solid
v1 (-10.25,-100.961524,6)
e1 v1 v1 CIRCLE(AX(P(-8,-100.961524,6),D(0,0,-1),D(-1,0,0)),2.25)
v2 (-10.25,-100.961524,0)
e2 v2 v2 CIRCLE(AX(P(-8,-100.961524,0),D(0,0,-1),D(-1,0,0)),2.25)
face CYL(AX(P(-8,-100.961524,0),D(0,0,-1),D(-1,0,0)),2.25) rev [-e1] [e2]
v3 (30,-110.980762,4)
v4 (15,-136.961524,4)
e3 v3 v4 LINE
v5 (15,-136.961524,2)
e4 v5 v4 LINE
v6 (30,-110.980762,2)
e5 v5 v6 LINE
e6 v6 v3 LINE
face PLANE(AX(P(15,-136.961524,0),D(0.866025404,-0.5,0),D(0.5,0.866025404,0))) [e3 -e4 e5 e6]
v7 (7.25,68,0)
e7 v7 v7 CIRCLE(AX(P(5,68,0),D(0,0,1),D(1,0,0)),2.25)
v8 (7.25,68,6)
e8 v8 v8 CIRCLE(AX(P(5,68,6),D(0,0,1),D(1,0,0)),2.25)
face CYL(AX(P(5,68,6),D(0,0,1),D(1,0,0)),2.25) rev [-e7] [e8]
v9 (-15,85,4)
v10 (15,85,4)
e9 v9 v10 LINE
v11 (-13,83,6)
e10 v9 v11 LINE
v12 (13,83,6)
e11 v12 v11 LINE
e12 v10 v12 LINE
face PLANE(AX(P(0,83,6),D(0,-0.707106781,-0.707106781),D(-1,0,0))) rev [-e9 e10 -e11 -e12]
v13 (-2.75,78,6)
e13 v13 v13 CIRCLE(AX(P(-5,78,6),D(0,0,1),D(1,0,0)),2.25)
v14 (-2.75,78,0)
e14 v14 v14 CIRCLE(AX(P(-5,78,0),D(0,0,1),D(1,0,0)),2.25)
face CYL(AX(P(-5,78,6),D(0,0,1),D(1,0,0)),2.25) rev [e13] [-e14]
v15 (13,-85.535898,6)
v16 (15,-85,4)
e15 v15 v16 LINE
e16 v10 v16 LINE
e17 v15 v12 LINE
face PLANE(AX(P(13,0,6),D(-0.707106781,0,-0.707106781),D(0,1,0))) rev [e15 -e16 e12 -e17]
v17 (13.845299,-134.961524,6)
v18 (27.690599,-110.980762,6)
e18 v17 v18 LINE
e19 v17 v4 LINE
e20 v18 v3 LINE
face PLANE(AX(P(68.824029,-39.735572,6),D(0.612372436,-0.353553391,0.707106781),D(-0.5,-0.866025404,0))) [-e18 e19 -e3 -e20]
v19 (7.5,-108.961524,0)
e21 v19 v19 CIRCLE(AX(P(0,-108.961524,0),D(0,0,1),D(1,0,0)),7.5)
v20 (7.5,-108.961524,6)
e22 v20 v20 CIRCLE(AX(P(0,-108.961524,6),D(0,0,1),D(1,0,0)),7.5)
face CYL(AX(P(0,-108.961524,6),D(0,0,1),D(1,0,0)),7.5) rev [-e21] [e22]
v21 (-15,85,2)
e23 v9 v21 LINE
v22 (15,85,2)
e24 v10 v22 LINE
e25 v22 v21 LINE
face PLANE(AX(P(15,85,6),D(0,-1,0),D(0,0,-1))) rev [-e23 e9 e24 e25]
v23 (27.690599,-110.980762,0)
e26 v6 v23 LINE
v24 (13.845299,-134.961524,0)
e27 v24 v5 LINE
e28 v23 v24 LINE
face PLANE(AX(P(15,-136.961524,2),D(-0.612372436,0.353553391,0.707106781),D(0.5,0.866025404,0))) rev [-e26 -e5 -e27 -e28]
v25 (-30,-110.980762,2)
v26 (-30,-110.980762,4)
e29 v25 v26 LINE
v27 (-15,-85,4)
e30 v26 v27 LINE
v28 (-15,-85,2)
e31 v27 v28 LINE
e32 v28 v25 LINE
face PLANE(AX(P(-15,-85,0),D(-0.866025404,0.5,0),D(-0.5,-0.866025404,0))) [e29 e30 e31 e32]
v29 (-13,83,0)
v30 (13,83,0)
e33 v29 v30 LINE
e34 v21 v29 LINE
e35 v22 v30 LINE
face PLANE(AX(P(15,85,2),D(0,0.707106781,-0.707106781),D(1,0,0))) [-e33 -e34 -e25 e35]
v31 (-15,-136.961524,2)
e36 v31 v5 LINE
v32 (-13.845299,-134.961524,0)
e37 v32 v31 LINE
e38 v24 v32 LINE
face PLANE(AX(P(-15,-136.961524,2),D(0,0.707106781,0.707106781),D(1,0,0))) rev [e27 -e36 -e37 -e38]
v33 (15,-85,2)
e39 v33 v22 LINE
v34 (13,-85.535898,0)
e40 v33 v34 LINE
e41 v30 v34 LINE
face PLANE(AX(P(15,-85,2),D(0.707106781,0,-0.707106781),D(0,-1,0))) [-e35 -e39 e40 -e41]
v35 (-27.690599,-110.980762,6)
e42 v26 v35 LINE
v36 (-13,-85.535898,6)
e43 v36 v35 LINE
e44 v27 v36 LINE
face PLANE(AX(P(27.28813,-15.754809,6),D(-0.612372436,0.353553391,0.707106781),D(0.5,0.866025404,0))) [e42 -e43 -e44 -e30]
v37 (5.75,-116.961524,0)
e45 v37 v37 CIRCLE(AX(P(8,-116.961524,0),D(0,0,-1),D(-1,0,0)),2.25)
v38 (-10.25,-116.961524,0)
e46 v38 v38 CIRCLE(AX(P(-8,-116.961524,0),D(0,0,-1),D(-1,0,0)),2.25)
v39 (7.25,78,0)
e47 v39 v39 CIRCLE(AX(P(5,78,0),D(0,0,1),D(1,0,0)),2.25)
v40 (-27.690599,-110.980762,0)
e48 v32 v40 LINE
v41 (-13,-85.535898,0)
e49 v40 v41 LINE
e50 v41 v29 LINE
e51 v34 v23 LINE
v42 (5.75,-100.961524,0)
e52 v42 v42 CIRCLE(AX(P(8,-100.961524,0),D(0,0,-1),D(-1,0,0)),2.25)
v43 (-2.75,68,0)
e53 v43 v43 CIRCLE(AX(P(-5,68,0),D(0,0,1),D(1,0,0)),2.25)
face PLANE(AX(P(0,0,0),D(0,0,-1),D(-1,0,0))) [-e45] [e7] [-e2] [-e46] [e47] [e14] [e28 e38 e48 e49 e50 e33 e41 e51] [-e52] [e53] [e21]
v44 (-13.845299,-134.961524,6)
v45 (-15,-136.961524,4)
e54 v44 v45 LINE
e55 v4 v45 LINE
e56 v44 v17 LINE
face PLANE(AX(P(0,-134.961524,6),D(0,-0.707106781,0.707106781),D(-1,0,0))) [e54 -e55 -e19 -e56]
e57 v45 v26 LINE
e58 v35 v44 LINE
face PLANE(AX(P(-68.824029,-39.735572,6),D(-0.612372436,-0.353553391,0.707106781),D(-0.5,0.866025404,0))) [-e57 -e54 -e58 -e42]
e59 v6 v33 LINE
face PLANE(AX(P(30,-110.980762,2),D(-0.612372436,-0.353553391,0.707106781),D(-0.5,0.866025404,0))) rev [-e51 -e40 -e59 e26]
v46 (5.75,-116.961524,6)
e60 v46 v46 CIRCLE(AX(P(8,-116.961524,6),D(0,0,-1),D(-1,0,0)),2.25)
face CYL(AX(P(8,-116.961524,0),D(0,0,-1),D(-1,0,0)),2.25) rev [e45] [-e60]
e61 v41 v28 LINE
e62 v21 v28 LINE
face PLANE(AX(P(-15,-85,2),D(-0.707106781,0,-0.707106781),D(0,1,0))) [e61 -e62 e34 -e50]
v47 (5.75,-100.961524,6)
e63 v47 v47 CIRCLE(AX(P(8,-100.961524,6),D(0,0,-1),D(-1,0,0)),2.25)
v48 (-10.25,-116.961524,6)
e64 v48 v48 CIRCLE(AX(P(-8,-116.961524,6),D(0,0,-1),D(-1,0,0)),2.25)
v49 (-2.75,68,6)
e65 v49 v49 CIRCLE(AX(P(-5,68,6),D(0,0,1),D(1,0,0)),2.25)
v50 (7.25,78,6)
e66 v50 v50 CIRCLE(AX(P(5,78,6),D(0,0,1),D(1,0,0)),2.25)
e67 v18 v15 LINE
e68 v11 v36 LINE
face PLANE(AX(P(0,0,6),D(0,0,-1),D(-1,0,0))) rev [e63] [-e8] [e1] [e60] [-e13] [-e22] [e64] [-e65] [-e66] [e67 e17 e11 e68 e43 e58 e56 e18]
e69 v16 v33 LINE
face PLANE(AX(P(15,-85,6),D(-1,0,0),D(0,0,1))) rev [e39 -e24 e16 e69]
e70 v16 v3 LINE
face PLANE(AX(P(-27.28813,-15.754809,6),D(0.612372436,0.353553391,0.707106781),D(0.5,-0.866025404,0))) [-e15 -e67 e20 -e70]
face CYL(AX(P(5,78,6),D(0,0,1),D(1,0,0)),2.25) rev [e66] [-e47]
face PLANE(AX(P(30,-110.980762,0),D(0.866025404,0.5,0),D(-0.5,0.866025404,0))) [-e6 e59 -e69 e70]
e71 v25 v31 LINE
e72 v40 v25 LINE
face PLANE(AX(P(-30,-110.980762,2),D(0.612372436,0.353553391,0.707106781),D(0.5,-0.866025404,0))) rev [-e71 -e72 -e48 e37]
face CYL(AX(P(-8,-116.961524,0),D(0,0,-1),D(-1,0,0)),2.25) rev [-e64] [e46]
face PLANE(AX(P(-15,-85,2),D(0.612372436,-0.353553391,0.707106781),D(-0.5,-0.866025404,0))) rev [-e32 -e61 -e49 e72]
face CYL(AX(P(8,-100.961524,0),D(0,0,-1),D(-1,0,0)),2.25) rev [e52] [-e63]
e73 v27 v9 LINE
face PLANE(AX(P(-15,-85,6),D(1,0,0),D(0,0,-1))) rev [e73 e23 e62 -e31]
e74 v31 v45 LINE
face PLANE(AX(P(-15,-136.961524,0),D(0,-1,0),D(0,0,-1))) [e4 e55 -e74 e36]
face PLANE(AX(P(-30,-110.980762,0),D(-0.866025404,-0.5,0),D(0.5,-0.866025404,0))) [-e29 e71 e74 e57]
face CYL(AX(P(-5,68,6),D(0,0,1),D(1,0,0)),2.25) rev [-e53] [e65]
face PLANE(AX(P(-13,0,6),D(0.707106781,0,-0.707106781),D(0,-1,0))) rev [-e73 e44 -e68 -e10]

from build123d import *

# Parameters (mm, degrees)
SKETCH2_W           = 170
SKETCH2_H           = 30
BOSS_EXTRUDE2_DEPTH = 6
BOSS_EXTRUDE4_DEPTH = 6
CHAMFER1_SIZE       = 2
HOLE6_D             = 4.5
HOLE4_D             = 4.5
HOLE7_D             = 15


with BuildPart() as part:
    # Sketch2 → Boss-Extrude2 (new body)
    with BuildSketch(Plane(origin=(0, 0, 0), x_dir=(0, 1, 0), z_dir=(0, 0, 1))):
        Rectangle(SKETCH2_W, SKETCH2_H)
    extrude(amount=BOSS_EXTRUDE2_DEPTH)

    # Sketch8 → Boss-Extrude4 (add)
    with BuildSketch(Plane.XY.offset(6)):
        Polygon((-30, -110.980762114), (-15, -136.961524227), (15, -136.961524227), (30, -110.980762114), (15, -85), (-15, -85), align=None)
    extrude(amount=-BOSS_EXTRUDE4_DEPTH)

    # Chamfer1
    chamfer1_edges = [part.edges().sort_by_distance(p)[0] for p in [
        (-22.5, -97.990381057, 0),
        (22.5, -97.990381057, 0),
        (22.5, -123.97114317, 0),
        (0, -136.961524227, 0),
        (-22.5, -123.97114317, 0),
        (-22.5, -97.990381057, 6),
        (15, 0, 6),
        (-22.5, -123.97114317, 6),
        (0, -136.961524227, 6),
        (22.5, -123.97114317, 6),
        (22.5, -97.990381057, 6),
        (0, 85, 6),
        (15, 0, 0),
        (-15, 0, 0),
        (0, 85, 0),
        (-15, 0, 6),
    ]]
    chamfer(chamfer1_edges, length=CHAMFER1_SIZE)

    # Hole6 (through all)
    with Locations(Plane(origin=(0, 0, 0), x_dir=(-1, 0, 0), z_dir=(0, 0, -1))):
        with Locations((8, -116.961524227), (-8, -116.961524227), (-8, -100.961524227), (8, -100.961524227)):
            Hole(HOLE6_D / 2)

    # Hole4 (through all)
    with Locations(Plane.XY.offset(6)):
        with Locations((-5, 68), (5, 68), (5, 78), (-5, 78)):
            Hole(HOLE4_D / 2)

    # Hole7 (through all)
    with Locations(Plane(origin=(0, -108.961524227, 6), x_dir=(1, 0, 0), z_dir=(0, 0, 1))):
        with Locations((0, 0)):
            Hole(HOLE7_D / 2)


solid = part.part
